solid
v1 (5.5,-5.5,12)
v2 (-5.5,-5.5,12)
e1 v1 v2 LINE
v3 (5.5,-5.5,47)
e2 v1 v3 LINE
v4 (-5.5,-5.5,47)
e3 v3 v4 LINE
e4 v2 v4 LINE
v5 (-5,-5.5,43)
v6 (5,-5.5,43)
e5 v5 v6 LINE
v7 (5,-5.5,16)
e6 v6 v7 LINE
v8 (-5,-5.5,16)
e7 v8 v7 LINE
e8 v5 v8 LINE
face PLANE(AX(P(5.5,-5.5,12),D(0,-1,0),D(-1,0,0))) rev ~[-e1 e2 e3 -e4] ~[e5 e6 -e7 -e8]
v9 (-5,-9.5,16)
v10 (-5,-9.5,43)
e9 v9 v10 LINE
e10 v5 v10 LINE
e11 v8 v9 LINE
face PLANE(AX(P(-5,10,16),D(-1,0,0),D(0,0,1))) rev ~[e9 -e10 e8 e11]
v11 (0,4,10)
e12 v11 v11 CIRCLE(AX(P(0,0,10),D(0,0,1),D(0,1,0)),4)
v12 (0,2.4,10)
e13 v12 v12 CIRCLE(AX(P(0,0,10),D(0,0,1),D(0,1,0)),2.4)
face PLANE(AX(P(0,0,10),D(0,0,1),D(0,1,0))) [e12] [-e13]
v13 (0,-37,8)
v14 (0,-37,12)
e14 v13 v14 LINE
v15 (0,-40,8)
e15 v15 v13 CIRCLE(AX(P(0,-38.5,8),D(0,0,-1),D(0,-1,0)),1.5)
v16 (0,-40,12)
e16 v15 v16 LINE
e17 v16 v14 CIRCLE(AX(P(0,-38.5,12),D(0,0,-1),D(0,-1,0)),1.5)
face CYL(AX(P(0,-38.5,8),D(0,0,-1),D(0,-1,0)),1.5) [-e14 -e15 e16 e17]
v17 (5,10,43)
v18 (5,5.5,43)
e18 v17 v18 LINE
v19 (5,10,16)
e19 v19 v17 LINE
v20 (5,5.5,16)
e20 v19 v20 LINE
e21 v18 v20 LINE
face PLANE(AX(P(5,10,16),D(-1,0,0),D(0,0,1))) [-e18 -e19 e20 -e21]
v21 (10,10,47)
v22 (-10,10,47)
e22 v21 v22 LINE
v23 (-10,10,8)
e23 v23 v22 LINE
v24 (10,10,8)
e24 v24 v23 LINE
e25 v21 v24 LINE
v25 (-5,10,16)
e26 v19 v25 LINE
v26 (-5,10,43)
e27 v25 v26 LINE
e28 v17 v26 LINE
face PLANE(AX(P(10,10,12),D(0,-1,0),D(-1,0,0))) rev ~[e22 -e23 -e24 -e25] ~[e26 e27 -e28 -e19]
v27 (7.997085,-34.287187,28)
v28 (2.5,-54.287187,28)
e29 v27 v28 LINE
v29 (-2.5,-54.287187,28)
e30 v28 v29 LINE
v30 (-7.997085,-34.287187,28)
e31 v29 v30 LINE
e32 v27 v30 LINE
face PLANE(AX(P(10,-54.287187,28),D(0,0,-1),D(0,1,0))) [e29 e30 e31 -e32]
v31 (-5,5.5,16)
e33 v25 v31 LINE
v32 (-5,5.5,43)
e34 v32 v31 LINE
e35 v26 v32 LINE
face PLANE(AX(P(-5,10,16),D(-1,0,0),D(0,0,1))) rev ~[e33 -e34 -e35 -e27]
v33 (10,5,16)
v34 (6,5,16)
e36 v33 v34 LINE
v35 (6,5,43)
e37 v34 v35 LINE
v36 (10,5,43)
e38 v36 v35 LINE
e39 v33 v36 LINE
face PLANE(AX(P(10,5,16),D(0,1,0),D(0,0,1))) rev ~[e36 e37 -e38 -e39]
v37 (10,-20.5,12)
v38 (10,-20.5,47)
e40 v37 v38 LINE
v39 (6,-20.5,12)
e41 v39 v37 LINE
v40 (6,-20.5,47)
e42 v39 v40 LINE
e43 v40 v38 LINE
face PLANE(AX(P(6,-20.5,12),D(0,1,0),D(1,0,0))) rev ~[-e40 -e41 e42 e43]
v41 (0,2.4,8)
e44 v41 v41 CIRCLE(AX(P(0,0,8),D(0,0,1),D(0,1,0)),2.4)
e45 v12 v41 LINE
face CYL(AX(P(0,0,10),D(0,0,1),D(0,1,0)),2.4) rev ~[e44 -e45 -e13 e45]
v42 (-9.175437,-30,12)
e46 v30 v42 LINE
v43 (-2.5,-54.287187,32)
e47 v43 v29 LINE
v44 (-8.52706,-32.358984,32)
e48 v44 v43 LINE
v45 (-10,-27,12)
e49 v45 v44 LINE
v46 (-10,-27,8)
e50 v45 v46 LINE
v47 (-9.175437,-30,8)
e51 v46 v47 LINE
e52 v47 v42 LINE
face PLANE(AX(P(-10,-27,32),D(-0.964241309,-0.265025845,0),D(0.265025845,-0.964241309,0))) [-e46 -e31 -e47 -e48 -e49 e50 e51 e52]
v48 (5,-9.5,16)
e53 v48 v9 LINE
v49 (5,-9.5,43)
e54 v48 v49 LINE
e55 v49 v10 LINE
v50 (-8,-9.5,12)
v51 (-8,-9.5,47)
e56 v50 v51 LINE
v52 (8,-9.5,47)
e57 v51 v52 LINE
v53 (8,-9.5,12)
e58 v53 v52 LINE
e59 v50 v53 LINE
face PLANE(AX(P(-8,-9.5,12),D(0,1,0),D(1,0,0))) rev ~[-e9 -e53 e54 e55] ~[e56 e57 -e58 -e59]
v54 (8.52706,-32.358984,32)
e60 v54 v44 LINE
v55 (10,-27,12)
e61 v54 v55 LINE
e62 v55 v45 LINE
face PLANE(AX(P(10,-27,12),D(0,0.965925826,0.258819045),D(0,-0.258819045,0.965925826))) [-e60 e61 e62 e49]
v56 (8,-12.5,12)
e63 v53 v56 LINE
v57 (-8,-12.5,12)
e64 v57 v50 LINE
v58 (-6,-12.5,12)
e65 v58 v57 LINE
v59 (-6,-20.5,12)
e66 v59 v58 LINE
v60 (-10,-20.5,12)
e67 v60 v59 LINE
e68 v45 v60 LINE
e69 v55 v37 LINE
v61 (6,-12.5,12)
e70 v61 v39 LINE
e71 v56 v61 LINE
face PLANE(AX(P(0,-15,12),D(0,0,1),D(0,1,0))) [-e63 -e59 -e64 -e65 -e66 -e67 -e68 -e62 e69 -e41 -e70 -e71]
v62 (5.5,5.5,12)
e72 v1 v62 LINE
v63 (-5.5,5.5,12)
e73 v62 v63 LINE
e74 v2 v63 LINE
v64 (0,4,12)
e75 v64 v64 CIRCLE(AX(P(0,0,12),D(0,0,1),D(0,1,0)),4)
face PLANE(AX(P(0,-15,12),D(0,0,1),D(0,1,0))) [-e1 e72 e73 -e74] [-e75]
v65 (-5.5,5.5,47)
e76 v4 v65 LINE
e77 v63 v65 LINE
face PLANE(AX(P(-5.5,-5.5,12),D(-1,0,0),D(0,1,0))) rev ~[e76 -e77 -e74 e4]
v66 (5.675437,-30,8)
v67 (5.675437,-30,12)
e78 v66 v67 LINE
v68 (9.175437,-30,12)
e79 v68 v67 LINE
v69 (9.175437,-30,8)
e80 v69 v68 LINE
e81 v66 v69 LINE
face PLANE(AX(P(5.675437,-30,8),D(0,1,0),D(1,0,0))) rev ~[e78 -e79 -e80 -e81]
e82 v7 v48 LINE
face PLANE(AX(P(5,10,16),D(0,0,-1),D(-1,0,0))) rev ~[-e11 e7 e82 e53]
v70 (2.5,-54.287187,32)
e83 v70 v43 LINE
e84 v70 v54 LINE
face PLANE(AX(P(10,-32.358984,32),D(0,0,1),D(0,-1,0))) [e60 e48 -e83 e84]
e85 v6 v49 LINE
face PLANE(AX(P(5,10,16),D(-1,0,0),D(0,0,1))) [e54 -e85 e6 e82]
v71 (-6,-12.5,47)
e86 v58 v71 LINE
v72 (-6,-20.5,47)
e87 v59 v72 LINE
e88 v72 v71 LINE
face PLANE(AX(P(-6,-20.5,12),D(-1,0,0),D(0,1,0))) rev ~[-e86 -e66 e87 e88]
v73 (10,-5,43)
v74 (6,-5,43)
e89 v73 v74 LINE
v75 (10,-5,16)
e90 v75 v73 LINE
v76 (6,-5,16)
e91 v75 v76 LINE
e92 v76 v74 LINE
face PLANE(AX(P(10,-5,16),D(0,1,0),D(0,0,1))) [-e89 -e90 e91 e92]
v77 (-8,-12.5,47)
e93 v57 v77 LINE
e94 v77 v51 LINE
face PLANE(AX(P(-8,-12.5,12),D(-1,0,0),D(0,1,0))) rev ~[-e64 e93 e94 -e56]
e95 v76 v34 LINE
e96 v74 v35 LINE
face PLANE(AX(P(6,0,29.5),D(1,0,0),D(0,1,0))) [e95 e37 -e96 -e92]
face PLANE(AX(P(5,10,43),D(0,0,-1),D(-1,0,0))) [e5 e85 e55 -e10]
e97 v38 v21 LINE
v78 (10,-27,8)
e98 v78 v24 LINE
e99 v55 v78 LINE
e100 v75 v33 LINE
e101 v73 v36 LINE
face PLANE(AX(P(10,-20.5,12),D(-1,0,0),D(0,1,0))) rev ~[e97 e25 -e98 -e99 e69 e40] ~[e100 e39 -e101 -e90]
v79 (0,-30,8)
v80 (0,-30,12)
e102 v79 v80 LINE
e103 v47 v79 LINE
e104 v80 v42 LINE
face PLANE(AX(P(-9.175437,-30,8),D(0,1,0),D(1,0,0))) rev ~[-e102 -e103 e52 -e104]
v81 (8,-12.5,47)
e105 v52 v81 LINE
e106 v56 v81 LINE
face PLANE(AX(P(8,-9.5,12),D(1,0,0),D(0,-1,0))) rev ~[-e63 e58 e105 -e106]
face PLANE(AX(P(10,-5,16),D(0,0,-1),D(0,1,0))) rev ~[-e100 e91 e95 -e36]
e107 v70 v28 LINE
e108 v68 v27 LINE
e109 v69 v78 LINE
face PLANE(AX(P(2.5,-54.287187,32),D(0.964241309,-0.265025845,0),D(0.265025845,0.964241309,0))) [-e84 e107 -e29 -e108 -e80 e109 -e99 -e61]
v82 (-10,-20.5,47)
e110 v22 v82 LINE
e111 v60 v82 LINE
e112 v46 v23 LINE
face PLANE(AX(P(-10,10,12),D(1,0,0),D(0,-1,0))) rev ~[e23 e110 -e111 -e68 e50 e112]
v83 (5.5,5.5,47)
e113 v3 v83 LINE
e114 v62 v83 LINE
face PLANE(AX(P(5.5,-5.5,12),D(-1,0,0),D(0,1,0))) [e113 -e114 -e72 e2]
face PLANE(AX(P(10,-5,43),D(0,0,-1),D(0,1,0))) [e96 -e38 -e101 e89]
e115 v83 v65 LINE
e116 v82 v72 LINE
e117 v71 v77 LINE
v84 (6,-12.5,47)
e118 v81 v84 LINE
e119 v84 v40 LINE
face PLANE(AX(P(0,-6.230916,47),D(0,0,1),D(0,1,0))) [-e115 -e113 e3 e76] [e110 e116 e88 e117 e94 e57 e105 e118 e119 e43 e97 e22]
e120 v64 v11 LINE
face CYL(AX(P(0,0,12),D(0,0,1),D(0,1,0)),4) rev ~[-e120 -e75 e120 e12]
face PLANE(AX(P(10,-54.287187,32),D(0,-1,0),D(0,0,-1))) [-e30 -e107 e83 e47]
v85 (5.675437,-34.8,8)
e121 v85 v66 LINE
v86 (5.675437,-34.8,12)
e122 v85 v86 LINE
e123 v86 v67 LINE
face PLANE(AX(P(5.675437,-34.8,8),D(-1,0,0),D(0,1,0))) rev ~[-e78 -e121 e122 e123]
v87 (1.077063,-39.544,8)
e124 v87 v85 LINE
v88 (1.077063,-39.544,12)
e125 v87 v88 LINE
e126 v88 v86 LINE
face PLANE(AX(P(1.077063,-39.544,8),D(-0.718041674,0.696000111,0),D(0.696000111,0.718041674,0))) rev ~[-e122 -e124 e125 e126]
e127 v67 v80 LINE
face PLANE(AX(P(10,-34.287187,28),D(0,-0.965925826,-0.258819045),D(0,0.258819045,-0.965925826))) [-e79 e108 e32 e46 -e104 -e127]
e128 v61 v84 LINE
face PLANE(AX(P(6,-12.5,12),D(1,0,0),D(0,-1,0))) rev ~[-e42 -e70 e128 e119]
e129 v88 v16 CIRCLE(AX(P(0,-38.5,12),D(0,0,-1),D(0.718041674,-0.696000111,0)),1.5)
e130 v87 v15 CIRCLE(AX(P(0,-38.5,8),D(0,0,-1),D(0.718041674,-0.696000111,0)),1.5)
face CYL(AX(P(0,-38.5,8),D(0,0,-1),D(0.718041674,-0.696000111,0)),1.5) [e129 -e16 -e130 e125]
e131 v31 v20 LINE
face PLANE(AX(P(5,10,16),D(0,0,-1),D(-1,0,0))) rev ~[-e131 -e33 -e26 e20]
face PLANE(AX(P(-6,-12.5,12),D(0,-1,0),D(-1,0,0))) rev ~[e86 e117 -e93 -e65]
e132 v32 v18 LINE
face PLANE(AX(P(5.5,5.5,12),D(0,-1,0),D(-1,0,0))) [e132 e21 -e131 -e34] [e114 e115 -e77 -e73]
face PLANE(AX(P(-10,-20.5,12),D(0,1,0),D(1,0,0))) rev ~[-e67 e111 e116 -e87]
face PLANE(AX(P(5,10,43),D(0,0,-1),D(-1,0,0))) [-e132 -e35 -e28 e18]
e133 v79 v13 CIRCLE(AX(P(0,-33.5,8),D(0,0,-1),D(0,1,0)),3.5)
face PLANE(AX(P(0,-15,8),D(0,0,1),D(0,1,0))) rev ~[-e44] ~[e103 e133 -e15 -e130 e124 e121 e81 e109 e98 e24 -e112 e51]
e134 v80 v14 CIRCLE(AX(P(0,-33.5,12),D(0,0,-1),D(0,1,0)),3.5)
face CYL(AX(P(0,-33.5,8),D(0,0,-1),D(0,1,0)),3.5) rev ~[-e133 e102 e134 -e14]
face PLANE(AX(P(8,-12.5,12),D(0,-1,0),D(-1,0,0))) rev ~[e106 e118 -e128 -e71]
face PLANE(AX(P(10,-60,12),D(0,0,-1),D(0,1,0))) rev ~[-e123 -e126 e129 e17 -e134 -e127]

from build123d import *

# Parameters (mm, degrees)
SKETCH002_W             = 50
SKETCH002_H             = 20
PAD001_DEPTH            = 4
SKETCH003_R             = 4
POCKET001_DEPTH         = 2
SKETCH004_R             = 2.4
POCKET002_DEPTH         = 2
SKETCH016_W             = 11
SKETCH016_H             = 11
SKETCH016_W_2           = 33
SKETCH016_H_2           = 20
PAD007_DEPTH            = 35
SKETCH017_W             = 10
SKETCH017_H             = 27
POCKET009_DEPTH         = 20
SKETCH018_W             = 10
SKETCH018_H             = 27
POCKET010_DEPTH         = 4
POCKET011_DEPTH         = 20
POCKET016_DEPTH         = 25
POCKET017_DEPTH         = 4
POCKET018_DEPTH         = 4
BODY002_PLACEMENT_ANGLE = 90.0000000001


with BuildPart() as part:
    # Sketch002 (on Face1 of CopyPocket) → Pad001 (new body)
    with BuildSketch(Plane.XY.offset(8)):
        with Locations((-15, 0)):
            Rectangle(SKETCH002_W, SKETCH002_H)
    extrude(amount=PAD001_DEPTH)

    # Sketch003 (on Face6 of Pad001) → Pocket001 (cut)
    with BuildSketch(Plane.XY.offset(12)):
        Circle(SKETCH003_R)
    extrude(amount=-POCKET001_DEPTH, mode=Mode.SUBTRACT)

    # Sketch004 (on Face8 of Pocket001) → Pocket002 (cut)
    with BuildSketch(Plane.XY.offset(10)):
        Circle(SKETCH004_R)
    extrude(amount=-POCKET002_DEPTH, mode=Mode.SUBTRACT)

    # Sketch016 (on Face5 of Pocket002) → Pad007 (join)
    with BuildSketch(Plane.XY.offset(12)):
        Polygon((10, -10), (10, 10), (-20.5, 10), (-20.5, 6), (-12.5, 6), (-12.5, 8), (-9.5, 8), (-9.5, -8), (-12.5, -8), (-12.5, -6), (-20.5, -6), (-20.5, -10), align=None)
        Rectangle(SKETCH016_W, SKETCH016_H, mode=Mode.SUBTRACT)
        with Locations((-43.5, 0)):
            Rectangle(SKETCH016_W_2, SKETCH016_H_2)
    extrude(amount=PAD007_DEPTH)

    # Sketch017 (on Face7 of Pad007) → Pocket009 (cut)
    with BuildSketch(Plane.YZ.offset(10)):
        with Locations((0, 29.5)):
            Rectangle(SKETCH017_W, SKETCH017_H)
    extrude(amount=-POCKET009_DEPTH, mode=Mode.SUBTRACT)

    # Sketch018 (on Face10 of Pocket009) → Pocket010 (cut)
    with BuildSketch(Plane.XZ.offset(10)):
        with Locations((0, 29.5)):
            Rectangle(SKETCH018_W, SKETCH018_H)
    extrude(amount=-POCKET010_DEPTH, mode=Mode.SUBTRACT)

    # Sketch019 (on Face8 of Pocket010) → Pocket011 (cut)
    with BuildSketch(Plane.XZ.offset(10)):
        Polygon((-27, 12), (-32.3589838486, 32), (-54.2871870789, 32), (-54.2871870789, 28), (-34.2871870789, 28), (-30, 12), (-40, 12), (-60, 12), (-60, 47), (-27, 47), align=None)
    extrude(amount=-POCKET011_DEPTH, mode=Mode.SUBTRACT)

    # Sketch027 (on Face22 of Pocket011) → Pocket016 (cut)
    with BuildSketch(Plane.XY.offset(32)):
        Polygon((-54.2871870789, -10), (-54.2871870789, -2.5), (-27, -10), align=None)
        Polygon((-54.2871870789, 2.5), (-54.2871870789, 10), (-27, 10), align=None)
    extrude(amount=-POCKET016_DEPTH, mode=Mode.SUBTRACT)

    # Sketch028 (on Face1 of Pocket016) → Pocket017 (cut)
    with BuildSketch(Plane(origin=(0, 0, 8), x_dir=(1, 0, 0), z_dir=(0, 0, -1))):
        with BuildLine():
            Line((-39.5440001666, 1.0770625108), (-34.8, 5.6754371773))
            Line((-34.8, 5.6754371773), (-30, 5.6754371773))
            Line((-30, 5.6754371773), (-30, 9.1754371773))
            Line((-30, 9.1754371773), (-40, 6.4268944352))
            Line((-40, 0), (-40, 6.4268944352))
            ThreePointArc((-39.5440001666, 1.0770625108), (-39.8813037772, 0.5848075539), (-40, 0))
        make_face()
    extrude(amount=-POCKET017_DEPTH, mode=Mode.SUBTRACT)

    # Sketch029 (on Face1 of Pocket017) → Pocket018 (cut)
    with BuildSketch(Plane(origin=(0, 0, 8), x_dir=(1, 0, 0), z_dir=(0, 0, -1))):
        with BuildLine():
            ThreePointArc((-40, 0), (-38.5, -1.5), (-37, 0))
            ThreePointArc((-30, 0), (-33.5, 3.5), (-37, 0))
            Line((-30, -9.1754371773), (-30, 0))
            Line((-40, -6.4268944352), (-30, -9.1754371773))
            Line((-40, 0), (-40, -6.4268944352))
        make_face()
    extrude(amount=-POCKET018_DEPTH, mode=Mode.SUBTRACT)


with BuildPart() as part_1:
    # Body002 placement: moved
    add(part.part.rotate(Axis((0, 0, 0), (0, 0, 1)), BODY002_PLACEMENT_ANGLE))


solid = part_1.part
